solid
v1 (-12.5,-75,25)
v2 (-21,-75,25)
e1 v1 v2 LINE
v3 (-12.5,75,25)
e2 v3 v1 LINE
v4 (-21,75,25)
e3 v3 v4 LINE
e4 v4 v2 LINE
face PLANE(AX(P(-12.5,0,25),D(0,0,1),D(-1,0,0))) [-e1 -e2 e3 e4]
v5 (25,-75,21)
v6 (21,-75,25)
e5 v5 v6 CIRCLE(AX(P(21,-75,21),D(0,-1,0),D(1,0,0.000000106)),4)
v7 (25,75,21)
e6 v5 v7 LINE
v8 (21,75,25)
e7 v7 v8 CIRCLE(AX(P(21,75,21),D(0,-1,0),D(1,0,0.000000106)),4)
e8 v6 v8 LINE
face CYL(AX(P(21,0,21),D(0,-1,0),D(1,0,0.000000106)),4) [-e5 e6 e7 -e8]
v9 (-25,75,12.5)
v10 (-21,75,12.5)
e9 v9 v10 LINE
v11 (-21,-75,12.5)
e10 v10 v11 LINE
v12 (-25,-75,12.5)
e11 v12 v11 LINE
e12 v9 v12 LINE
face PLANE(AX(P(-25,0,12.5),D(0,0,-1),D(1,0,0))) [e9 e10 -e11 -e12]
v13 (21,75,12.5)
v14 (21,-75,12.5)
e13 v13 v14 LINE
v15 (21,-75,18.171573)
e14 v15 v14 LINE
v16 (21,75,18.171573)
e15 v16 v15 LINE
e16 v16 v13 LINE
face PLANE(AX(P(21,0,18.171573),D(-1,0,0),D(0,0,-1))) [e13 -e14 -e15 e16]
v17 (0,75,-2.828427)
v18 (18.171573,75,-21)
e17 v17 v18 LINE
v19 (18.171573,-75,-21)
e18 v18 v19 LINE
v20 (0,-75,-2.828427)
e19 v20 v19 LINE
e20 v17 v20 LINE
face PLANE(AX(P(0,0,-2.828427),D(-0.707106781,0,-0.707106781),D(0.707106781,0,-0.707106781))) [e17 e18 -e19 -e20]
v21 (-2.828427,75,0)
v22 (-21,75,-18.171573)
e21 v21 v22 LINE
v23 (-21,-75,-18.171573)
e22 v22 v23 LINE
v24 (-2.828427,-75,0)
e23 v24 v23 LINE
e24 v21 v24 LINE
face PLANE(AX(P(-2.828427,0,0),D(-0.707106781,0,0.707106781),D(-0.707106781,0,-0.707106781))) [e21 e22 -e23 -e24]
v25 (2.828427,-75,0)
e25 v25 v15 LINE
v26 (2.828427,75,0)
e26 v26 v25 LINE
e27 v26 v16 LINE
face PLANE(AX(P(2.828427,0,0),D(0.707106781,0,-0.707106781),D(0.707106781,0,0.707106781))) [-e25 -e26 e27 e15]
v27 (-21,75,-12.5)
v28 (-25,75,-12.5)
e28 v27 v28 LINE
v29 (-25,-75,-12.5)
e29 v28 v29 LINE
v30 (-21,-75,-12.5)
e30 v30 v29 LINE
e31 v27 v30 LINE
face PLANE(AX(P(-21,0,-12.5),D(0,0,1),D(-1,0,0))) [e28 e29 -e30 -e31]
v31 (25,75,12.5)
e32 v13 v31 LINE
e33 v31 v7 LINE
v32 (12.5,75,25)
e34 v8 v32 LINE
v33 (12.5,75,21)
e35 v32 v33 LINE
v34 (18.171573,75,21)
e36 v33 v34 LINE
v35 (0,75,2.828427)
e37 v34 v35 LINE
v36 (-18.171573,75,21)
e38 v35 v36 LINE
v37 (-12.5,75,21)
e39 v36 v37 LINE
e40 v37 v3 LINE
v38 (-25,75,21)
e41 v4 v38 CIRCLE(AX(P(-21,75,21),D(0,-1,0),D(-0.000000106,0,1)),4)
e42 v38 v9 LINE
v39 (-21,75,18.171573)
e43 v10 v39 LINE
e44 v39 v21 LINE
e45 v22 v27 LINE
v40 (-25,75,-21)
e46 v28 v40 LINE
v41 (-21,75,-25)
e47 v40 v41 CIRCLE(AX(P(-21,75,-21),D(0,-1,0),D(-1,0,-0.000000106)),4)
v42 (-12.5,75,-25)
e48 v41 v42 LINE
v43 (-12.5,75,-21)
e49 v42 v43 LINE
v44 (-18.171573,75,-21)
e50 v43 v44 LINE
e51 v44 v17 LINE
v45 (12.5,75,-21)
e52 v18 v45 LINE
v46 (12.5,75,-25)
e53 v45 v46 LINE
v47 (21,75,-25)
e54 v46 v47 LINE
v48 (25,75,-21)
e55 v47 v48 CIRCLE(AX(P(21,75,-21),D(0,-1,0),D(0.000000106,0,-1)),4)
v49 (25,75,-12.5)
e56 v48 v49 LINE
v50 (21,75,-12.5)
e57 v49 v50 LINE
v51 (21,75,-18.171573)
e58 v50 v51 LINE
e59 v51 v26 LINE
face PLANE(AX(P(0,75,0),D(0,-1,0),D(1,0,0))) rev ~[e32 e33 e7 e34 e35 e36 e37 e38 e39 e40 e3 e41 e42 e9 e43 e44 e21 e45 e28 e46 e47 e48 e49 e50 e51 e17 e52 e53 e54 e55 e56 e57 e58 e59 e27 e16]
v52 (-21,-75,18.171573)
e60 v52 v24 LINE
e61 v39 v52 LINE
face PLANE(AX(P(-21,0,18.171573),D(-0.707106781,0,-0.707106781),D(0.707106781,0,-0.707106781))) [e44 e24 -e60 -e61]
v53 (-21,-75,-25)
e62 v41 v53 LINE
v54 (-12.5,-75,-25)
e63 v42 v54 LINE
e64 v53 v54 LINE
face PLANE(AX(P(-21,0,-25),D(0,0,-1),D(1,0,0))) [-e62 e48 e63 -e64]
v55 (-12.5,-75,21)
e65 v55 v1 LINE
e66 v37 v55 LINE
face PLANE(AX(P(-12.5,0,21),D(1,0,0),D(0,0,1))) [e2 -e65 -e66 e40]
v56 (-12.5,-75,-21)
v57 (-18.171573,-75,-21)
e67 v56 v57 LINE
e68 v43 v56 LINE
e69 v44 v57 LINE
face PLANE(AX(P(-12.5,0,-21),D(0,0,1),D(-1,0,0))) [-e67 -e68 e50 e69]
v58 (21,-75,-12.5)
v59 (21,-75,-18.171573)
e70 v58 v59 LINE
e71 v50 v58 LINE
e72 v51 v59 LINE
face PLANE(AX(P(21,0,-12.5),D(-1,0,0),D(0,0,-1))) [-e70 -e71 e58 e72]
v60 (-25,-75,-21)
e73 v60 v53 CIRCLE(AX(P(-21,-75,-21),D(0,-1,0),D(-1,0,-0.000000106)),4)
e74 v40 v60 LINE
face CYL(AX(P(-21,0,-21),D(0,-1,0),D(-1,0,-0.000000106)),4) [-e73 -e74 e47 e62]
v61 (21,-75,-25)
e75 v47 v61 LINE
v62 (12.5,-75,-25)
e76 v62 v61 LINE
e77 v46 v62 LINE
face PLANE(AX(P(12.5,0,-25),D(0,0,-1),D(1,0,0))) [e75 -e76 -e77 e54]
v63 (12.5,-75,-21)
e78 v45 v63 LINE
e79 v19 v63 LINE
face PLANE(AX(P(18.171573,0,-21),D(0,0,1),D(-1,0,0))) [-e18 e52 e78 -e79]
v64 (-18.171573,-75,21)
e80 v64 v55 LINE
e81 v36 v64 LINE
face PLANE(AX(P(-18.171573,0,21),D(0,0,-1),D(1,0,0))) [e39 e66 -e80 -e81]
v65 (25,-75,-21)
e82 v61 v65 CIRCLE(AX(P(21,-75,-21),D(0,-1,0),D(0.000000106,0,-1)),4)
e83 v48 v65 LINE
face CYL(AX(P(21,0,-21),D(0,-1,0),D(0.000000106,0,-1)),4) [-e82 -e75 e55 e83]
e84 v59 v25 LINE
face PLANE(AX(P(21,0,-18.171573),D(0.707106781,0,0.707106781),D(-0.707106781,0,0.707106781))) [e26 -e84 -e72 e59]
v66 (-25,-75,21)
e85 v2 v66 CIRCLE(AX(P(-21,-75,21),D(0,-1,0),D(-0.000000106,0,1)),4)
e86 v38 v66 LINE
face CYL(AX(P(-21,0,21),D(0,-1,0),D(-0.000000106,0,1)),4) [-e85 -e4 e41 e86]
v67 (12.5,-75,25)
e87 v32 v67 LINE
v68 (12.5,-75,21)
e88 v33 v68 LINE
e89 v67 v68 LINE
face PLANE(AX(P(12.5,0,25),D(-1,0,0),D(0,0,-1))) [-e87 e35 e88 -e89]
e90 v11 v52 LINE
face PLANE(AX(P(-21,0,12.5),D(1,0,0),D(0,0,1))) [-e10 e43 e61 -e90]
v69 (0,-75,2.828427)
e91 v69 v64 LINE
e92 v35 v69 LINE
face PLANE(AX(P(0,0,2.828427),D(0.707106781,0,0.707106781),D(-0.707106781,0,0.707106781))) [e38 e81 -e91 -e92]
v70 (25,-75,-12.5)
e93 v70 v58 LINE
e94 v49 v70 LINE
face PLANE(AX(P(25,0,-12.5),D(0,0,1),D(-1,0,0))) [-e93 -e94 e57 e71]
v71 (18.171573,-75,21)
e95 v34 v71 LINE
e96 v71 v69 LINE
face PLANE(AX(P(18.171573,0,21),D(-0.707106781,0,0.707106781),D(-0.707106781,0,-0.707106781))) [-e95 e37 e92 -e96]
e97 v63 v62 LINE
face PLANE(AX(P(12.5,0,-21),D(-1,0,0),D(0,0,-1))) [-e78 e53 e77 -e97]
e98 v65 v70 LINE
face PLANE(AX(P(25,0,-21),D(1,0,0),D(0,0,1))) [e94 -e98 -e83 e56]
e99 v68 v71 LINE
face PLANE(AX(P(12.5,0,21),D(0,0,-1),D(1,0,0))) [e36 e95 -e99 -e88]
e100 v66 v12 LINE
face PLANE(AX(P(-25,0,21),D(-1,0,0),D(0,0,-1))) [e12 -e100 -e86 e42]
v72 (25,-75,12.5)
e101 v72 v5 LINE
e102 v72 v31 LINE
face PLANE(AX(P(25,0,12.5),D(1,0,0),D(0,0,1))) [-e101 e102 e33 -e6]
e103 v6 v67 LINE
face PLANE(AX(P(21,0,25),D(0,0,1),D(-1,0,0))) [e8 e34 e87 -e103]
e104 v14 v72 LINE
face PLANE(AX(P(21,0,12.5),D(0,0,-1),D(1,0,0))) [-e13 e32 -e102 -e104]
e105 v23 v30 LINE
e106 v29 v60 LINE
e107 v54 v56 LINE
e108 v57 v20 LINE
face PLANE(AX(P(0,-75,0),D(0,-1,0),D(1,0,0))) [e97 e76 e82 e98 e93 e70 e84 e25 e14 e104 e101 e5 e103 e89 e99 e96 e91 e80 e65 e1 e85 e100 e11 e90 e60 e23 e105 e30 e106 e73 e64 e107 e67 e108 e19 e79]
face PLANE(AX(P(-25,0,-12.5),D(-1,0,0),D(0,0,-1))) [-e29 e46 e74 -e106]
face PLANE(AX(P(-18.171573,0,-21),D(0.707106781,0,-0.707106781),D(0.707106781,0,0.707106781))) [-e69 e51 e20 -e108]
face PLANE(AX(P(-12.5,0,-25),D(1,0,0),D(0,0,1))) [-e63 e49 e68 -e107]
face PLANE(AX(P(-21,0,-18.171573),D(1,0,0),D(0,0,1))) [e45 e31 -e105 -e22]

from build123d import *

# Parameters (mm, degrees)
F1_DEPTH = 75


with BuildPart() as f1:
    # F0 (on Front) → F1 (new body, symmetric)
    with BuildSketch(Plane.XZ):
        with BuildLine():
            Line((21, 25), (12.5, 25))
            Line((12.5, 25), (12.5, 21))
            Line((12.5, 21), (18.171573, 21))
            Line((18.171573, 21), (0, 2.828427))
            Line((0, 2.828427), (-18.171573, 21))
            Line((-18.171573, 21), (-12.5, 21))
            Line((-12.5, 21), (-12.5, 25))
            Line((-12.5, 25), (-21, 25))
            ThreePointArc((-21, 25), (-23.828427, 23.828427), (-25, 21))
            Line((-25, 21), (-25, 12.5))
            Line((-25, 12.5), (-21, 12.5))
            Line((-21, 12.5), (-21, 18.171573))
            Line((-21, 18.171573), (-2.828427, 0))
            Line((-2.828427, 0), (-21, -18.171573))
            Line((-21, -18.171573), (-21, -12.5))
            Line((-21, -12.5), (-25, -12.5))
            Line((-25, -12.5), (-25, -21))
            ThreePointArc((-25, -21), (-23.828427, -23.828427), (-21, -25))
            Line((-21, -25), (-12.5, -25))
            Line((-12.5, -25), (-12.5, -21))
            Line((-12.5, -21), (-18.171573, -21))
            Line((-18.171573, -21), (0, -2.828427))
            Line((0, -2.828427), (18.171573, -21))
            Line((18.171573, -21), (12.5, -21))
            Line((12.5, -21), (12.5, -25))
            Line((12.5, -25), (21, -25))
            ThreePointArc((21, -25), (23.828427, -23.828427), (25, -21))
            Line((25, -21), (25, -12.5))
            Line((25, -12.5), (21, -12.5))
            Line((21, -12.5), (21, -18.171573))
            Line((21, -18.171573), (2.828427, 0))
            Line((2.828427, 0), (21, 18.171573))
            Line((21, 18.171573), (21, 12.5))
            Line((21, 12.5), (25, 12.5))
            Line((25, 12.5), (25, 21))
            ThreePointArc((25, 21), (23.828427, 23.828427), (21, 25))
        make_face()
    extrude(amount=F1_DEPTH, both=True)


solid = f1.part
